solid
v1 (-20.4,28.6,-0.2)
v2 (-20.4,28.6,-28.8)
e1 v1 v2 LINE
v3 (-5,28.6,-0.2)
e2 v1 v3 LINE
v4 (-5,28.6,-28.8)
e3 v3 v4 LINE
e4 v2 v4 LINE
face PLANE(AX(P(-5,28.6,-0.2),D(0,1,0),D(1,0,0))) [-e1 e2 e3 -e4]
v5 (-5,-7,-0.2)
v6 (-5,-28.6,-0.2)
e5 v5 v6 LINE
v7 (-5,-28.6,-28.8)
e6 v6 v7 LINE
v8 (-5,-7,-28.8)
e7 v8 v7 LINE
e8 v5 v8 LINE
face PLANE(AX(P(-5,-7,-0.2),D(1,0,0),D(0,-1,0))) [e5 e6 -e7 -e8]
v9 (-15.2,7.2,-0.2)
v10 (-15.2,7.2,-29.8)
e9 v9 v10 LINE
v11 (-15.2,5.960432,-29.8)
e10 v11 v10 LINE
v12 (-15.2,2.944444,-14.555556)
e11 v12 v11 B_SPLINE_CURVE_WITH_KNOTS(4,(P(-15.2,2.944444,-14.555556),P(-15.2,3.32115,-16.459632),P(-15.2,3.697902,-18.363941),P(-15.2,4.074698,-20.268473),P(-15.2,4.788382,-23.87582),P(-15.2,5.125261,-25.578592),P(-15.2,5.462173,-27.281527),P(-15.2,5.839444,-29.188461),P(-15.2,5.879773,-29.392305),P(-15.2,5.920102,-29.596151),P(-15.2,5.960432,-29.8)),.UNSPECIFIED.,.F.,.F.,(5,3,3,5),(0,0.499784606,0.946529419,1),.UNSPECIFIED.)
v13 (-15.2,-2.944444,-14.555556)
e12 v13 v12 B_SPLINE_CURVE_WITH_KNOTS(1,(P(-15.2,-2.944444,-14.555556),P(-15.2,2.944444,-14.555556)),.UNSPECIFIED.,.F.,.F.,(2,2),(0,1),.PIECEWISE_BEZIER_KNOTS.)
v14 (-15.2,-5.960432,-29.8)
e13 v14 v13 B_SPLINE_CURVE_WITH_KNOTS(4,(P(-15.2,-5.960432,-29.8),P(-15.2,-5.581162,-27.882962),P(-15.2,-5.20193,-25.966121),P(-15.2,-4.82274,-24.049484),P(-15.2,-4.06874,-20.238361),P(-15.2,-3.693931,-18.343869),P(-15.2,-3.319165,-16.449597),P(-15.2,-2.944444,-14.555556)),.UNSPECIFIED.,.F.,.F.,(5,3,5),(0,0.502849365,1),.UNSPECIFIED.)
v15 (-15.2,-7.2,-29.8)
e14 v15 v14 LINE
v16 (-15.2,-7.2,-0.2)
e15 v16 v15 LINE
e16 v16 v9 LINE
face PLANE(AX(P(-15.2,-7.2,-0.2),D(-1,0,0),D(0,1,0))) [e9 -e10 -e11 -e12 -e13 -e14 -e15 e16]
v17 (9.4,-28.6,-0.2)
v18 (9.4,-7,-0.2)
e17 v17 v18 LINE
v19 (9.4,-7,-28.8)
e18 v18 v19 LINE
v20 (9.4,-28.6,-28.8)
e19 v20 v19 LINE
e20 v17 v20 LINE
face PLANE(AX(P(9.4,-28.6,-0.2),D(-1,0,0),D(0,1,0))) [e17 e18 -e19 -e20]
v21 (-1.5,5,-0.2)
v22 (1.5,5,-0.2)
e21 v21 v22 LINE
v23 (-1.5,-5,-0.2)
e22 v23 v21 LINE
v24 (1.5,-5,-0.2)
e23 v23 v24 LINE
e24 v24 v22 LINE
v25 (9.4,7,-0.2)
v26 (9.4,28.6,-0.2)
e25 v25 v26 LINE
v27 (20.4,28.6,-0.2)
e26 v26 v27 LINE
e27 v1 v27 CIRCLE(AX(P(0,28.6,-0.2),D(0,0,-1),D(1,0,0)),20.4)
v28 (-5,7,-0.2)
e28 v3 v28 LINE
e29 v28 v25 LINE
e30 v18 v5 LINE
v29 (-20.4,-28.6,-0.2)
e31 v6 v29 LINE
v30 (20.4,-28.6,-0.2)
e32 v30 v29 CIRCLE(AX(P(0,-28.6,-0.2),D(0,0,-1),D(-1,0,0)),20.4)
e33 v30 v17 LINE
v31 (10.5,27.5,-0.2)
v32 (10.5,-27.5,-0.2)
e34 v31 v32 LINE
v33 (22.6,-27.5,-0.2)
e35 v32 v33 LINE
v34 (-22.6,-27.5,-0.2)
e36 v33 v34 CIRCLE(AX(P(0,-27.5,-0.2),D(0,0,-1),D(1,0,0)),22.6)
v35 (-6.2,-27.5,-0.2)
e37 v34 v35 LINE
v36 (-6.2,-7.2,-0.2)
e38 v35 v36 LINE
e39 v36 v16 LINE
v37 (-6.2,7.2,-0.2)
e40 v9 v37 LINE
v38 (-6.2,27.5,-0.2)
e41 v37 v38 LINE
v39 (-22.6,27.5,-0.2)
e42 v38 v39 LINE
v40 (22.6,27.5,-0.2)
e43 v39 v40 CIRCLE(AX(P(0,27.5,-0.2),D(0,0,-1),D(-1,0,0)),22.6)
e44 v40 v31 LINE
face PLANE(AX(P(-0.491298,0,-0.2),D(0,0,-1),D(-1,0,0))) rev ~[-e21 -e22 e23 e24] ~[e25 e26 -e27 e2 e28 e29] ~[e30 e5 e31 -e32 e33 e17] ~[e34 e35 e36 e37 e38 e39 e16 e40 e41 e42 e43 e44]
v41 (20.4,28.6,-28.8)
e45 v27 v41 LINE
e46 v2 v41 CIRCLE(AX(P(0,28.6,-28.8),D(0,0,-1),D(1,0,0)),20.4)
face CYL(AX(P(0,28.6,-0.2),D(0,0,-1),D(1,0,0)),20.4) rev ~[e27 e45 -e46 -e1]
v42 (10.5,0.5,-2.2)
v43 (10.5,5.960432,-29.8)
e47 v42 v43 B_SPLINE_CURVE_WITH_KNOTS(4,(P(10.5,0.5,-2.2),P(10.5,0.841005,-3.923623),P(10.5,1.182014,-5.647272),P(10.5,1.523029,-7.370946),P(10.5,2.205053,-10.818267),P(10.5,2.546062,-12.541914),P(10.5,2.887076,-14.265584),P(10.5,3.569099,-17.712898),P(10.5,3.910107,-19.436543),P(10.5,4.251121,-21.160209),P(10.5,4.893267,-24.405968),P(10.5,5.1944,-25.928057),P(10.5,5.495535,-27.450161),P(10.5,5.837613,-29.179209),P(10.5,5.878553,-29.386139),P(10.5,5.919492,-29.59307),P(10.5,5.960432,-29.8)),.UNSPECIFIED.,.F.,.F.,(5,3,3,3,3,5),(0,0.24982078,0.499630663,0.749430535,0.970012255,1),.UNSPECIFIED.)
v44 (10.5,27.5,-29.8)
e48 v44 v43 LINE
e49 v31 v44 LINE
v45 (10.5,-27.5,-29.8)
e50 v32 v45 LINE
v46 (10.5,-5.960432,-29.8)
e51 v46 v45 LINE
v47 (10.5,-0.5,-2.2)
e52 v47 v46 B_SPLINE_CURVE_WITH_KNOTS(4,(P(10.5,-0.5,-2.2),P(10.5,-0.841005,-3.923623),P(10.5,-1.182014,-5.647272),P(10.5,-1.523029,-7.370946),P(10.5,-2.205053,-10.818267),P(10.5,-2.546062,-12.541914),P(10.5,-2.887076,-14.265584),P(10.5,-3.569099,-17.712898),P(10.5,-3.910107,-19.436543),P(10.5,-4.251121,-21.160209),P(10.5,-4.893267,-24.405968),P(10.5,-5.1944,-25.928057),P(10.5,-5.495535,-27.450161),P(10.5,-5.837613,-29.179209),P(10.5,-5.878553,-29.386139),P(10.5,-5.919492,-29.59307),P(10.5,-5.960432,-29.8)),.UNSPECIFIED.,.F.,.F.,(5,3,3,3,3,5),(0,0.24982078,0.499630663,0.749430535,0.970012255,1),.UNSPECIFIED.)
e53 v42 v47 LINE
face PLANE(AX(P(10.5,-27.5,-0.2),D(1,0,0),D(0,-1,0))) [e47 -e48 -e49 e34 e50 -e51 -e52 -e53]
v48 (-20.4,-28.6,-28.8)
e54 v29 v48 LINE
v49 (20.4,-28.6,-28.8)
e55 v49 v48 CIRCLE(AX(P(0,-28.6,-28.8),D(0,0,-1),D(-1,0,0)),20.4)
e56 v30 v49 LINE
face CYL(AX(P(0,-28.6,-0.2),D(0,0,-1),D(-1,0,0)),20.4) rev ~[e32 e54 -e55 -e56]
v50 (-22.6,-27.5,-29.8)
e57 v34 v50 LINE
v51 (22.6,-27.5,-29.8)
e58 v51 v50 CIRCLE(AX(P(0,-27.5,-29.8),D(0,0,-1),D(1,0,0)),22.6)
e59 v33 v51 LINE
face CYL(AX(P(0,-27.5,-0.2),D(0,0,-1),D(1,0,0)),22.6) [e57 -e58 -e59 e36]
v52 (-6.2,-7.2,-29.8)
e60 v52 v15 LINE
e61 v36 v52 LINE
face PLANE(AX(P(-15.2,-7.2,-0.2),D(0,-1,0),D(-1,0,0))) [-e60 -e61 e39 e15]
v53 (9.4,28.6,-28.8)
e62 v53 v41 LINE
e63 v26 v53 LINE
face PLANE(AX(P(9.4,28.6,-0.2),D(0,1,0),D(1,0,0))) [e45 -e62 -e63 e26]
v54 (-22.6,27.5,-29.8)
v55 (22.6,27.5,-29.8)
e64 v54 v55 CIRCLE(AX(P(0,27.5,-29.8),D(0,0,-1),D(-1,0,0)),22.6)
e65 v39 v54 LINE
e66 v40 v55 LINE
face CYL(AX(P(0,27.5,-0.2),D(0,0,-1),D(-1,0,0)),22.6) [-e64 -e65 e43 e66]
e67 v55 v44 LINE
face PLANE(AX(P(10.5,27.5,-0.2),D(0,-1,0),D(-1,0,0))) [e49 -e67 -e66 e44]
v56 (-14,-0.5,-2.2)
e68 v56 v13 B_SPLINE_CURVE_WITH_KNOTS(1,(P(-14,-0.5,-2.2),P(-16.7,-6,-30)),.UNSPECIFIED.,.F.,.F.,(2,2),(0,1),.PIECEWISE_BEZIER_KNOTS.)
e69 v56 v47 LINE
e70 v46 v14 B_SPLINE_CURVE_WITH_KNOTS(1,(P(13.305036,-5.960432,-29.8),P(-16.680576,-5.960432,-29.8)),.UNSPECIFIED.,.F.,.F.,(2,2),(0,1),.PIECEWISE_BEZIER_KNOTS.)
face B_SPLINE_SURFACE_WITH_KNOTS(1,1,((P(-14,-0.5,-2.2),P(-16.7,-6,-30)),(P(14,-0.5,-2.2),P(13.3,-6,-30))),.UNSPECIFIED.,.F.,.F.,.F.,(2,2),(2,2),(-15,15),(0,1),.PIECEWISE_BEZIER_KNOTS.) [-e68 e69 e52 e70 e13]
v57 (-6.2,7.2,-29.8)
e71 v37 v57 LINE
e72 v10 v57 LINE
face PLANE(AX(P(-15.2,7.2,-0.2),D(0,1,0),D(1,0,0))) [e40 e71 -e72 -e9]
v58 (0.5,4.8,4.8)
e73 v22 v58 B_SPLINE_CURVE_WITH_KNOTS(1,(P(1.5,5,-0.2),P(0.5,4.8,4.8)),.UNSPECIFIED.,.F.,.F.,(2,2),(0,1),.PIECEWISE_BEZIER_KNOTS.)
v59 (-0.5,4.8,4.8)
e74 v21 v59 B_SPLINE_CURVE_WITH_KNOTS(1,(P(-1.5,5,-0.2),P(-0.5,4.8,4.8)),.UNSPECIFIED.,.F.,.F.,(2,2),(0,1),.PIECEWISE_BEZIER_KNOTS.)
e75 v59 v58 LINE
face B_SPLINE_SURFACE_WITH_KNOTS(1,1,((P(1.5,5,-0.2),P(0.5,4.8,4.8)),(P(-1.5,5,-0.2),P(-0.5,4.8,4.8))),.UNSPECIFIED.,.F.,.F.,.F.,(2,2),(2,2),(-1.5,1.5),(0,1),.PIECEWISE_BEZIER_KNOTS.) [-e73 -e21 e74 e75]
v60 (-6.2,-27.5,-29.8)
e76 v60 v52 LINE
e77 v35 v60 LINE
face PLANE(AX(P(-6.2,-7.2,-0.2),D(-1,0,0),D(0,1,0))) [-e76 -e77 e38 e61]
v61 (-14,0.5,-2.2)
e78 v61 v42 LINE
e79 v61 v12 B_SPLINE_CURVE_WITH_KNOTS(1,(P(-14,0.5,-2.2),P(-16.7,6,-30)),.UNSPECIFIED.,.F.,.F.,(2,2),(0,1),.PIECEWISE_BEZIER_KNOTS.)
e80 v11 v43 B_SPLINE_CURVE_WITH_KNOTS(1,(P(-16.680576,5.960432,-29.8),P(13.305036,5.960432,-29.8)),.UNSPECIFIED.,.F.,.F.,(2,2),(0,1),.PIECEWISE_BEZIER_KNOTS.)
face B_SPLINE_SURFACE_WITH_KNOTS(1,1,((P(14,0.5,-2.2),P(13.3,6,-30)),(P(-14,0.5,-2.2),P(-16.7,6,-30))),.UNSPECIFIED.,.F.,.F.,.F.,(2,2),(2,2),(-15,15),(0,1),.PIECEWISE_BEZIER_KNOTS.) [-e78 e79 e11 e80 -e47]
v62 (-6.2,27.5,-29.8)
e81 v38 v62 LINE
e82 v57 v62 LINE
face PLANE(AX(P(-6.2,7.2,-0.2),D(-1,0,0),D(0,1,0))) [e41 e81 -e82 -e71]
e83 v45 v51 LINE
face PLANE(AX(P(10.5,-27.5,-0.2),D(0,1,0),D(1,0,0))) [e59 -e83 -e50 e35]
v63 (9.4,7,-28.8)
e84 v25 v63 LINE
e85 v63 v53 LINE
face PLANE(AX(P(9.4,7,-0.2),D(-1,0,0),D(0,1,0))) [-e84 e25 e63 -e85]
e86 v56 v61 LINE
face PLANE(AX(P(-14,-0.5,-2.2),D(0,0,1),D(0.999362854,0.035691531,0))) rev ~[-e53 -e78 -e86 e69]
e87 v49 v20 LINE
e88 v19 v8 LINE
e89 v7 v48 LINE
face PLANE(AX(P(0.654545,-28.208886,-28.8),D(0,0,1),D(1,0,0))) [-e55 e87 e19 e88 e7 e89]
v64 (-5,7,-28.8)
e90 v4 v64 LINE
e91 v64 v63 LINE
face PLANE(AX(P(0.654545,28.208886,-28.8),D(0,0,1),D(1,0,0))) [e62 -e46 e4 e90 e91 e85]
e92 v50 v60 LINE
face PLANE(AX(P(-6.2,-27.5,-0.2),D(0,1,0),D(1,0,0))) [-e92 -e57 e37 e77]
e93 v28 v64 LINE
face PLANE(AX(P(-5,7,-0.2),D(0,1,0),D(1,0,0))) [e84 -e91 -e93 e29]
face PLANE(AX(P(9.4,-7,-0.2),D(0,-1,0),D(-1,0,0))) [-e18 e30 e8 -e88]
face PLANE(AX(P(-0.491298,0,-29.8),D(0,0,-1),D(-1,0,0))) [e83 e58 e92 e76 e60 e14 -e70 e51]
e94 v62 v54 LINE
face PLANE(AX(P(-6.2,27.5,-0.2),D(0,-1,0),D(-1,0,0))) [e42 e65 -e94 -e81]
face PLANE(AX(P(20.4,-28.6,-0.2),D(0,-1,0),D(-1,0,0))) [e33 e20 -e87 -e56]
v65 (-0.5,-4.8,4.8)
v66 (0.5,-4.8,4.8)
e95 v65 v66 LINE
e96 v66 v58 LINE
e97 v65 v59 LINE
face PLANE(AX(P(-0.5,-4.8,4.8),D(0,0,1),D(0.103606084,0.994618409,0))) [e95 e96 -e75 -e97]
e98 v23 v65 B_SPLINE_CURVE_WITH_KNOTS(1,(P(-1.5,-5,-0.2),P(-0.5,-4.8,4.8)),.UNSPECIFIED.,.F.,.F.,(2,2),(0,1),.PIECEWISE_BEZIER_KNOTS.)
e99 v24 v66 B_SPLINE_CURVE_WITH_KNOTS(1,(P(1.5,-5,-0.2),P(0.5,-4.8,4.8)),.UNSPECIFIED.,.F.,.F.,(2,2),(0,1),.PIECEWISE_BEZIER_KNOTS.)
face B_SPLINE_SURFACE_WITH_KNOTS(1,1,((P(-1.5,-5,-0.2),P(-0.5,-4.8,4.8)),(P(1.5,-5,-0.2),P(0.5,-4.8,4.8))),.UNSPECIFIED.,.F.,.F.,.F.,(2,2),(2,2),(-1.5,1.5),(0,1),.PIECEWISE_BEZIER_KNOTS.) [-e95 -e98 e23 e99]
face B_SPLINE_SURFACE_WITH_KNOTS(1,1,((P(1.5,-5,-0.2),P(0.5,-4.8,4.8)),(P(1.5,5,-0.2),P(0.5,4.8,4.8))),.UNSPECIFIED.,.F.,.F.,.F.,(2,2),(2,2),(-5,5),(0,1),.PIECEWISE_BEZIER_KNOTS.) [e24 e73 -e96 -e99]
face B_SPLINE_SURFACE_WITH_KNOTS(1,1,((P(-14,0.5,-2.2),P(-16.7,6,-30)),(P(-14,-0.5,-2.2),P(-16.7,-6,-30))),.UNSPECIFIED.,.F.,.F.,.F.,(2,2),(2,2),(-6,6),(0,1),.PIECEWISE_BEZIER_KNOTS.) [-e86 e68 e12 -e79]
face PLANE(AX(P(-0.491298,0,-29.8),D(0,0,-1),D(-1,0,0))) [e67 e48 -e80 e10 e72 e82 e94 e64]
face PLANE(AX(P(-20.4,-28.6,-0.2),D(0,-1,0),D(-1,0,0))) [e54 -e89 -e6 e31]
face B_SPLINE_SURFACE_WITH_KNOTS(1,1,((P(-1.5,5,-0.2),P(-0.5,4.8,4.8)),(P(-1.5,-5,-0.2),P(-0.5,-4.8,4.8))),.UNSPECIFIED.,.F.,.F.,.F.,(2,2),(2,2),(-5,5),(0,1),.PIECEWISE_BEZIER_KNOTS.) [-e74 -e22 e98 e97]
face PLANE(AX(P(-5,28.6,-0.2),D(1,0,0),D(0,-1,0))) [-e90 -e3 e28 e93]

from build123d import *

# Parameters (mm, degrees)
SKETCH016_W = 3
SKETCH016_H = 10
SKETCH017_W = 1
SKETCH017_H = 9.6
SKETCH025_W = 28
SKETCH025_H = 1
SKETCH024_W = 30
SKETCH024_H = 12


with BuildPart() as part:
    # Sketch016 → AdditiveLoft section 0
    with BuildSketch(Plane.XY.offset(-0.2)):
        Rectangle(SKETCH016_W, SKETCH016_H)
    # Sketch017 → AdditiveLoft section 1
    with BuildSketch(Plane.XY.offset(4.8)):
        Rectangle(SKETCH017_W, SKETCH017_H)
    loft()

    # AdditivePipe001: sweep along a path in Sketch022
    with BuildLine(Plane.XZ) as additivepipe001_path:
        Line((0, -0.2), (0, -29.8))
    # Sketch023 (on Face1 of AdditiveLoft) → AdditivePipe001 (sweep)
    with BuildSketch(Plane(origin=(0, 0, -0.2), x_dir=(1, 0, 0), z_dir=(0, 0, -1))):
        with BuildLine():
            Line((10.5, 27.5), (10.5, -27.5))
            Line((10.5, -27.5), (22.6, -27.5))
            ThreePointArc((-22.6, -27.5), (0, -50.1), (22.6, -27.5))
            Line((-10.5, -27.5), (-22.6, -27.5))
            Line((-10.5, -27.5), (-6.2, -27.5))
            Line((-6.2, -7.2), (-6.2, -27.5))
            Line((-15.2, -7.2), (-6.2, -7.2))
            Line((-15.2, 7.2), (-15.2, -7.2))
            Line((-15.2, 7.2), (-6.2, 7.2))
            Line((-6.2, 7.2), (-6.2, 27.5))
            Line((-6.2, 27.5), (-10.5, 27.5))
            Line((-10.5, 27.5), (-22.6, 27.5))
            ThreePointArc((22.6, 27.5), (0, 50.1), (-22.6, 27.5))
            Line((10.5, 27.5), (22.6, 27.5))
        make_face()
    sweep(path=additivepipe001_path.line)

    # Sketch025 (on Face1 of AdditivePipe001) → SubtractiveLoft005 section 0
    with BuildSketch(Plane.XY.offset(-2.2)):
        Rectangle(SKETCH025_W, SKETCH025_H)
    # Sketch024 (on Face14 of AdditivePipe001) → SubtractiveLoft005 section 1
    with BuildSketch(Plane(origin=(-15.2, 0, -30), x_dir=(1, 0, 0), z_dir=(0, 0, 1))):
        with Locations((13.5, 0)):
            Rectangle(SKETCH024_W, SKETCH024_H)
    loft(mode=Mode.SUBTRACT)

    # SubtractivePipe011: sweep along a path in Sketch043
    with BuildLine(Plane(origin=(0, 0, 0), x_dir=(0, -1, 0), z_dir=(-1, 0, 0))) as subtractivepipe011_path:
        Line((-15, -0.2), (-15, -28.8))
    # Sketch042 → SubtractivePipe011 (sweep, cut)
    with BuildSketch(Plane.XY.offset(-0.2)):
        with BuildLine():
            Line((-5, -7), (-5, -28.6))
            Line((-13.4, -28.6), (-5, -28.6))
            Line((-20.4, -28.6), (-13.4, -28.6))
            ThreePointArc((-20.4, -28.6), (0, -49), (20.4, -28.6))
            Line((20.4, -28.6), (13.4, -28.6))
            Line((9.4, -28.6), (13.4, -28.6))
            Line((9.4, -28.6), (9.4, -7))
            Line((9.4, -7), (-5, -7))
        make_face()
    sweep(path=subtractivepipe011_path.line, mode=Mode.SUBTRACT)

    # SubtractivePipe012: sweep along a path in Sketch043
    with BuildLine(Plane(origin=(0, 0, 0), x_dir=(0, -1, 0), z_dir=(-1, 0, 0))) as subtractivepipe012_path:
        Line((-15, -0.2), (-15, -28.8))
    # Sketch044 → SubtractivePipe012 (sweep, cut)
    with BuildSketch(Plane.XY.offset(-0.2)):
        with BuildLine():
            Line((-5, 28.6), (-5, 7))
            Line((-5, 7), (9.4, 7))
            Line((9.4, 7), (9.4, 28.6))
            Line((9.4, 28.6), (13.4, 28.6))
            Line((13.4, 28.6), (20.4, 28.6))
            ThreePointArc((20.4, 28.6), (0, 49), (-20.4, 28.6))
            Line((-13.4, 28.6), (-20.4, 28.6))
            Line((-5, 28.6), (-13.4, 28.6))
        make_face()
    sweep(path=subtractivepipe012_path.line, mode=Mode.SUBTRACT)


solid = part.part
